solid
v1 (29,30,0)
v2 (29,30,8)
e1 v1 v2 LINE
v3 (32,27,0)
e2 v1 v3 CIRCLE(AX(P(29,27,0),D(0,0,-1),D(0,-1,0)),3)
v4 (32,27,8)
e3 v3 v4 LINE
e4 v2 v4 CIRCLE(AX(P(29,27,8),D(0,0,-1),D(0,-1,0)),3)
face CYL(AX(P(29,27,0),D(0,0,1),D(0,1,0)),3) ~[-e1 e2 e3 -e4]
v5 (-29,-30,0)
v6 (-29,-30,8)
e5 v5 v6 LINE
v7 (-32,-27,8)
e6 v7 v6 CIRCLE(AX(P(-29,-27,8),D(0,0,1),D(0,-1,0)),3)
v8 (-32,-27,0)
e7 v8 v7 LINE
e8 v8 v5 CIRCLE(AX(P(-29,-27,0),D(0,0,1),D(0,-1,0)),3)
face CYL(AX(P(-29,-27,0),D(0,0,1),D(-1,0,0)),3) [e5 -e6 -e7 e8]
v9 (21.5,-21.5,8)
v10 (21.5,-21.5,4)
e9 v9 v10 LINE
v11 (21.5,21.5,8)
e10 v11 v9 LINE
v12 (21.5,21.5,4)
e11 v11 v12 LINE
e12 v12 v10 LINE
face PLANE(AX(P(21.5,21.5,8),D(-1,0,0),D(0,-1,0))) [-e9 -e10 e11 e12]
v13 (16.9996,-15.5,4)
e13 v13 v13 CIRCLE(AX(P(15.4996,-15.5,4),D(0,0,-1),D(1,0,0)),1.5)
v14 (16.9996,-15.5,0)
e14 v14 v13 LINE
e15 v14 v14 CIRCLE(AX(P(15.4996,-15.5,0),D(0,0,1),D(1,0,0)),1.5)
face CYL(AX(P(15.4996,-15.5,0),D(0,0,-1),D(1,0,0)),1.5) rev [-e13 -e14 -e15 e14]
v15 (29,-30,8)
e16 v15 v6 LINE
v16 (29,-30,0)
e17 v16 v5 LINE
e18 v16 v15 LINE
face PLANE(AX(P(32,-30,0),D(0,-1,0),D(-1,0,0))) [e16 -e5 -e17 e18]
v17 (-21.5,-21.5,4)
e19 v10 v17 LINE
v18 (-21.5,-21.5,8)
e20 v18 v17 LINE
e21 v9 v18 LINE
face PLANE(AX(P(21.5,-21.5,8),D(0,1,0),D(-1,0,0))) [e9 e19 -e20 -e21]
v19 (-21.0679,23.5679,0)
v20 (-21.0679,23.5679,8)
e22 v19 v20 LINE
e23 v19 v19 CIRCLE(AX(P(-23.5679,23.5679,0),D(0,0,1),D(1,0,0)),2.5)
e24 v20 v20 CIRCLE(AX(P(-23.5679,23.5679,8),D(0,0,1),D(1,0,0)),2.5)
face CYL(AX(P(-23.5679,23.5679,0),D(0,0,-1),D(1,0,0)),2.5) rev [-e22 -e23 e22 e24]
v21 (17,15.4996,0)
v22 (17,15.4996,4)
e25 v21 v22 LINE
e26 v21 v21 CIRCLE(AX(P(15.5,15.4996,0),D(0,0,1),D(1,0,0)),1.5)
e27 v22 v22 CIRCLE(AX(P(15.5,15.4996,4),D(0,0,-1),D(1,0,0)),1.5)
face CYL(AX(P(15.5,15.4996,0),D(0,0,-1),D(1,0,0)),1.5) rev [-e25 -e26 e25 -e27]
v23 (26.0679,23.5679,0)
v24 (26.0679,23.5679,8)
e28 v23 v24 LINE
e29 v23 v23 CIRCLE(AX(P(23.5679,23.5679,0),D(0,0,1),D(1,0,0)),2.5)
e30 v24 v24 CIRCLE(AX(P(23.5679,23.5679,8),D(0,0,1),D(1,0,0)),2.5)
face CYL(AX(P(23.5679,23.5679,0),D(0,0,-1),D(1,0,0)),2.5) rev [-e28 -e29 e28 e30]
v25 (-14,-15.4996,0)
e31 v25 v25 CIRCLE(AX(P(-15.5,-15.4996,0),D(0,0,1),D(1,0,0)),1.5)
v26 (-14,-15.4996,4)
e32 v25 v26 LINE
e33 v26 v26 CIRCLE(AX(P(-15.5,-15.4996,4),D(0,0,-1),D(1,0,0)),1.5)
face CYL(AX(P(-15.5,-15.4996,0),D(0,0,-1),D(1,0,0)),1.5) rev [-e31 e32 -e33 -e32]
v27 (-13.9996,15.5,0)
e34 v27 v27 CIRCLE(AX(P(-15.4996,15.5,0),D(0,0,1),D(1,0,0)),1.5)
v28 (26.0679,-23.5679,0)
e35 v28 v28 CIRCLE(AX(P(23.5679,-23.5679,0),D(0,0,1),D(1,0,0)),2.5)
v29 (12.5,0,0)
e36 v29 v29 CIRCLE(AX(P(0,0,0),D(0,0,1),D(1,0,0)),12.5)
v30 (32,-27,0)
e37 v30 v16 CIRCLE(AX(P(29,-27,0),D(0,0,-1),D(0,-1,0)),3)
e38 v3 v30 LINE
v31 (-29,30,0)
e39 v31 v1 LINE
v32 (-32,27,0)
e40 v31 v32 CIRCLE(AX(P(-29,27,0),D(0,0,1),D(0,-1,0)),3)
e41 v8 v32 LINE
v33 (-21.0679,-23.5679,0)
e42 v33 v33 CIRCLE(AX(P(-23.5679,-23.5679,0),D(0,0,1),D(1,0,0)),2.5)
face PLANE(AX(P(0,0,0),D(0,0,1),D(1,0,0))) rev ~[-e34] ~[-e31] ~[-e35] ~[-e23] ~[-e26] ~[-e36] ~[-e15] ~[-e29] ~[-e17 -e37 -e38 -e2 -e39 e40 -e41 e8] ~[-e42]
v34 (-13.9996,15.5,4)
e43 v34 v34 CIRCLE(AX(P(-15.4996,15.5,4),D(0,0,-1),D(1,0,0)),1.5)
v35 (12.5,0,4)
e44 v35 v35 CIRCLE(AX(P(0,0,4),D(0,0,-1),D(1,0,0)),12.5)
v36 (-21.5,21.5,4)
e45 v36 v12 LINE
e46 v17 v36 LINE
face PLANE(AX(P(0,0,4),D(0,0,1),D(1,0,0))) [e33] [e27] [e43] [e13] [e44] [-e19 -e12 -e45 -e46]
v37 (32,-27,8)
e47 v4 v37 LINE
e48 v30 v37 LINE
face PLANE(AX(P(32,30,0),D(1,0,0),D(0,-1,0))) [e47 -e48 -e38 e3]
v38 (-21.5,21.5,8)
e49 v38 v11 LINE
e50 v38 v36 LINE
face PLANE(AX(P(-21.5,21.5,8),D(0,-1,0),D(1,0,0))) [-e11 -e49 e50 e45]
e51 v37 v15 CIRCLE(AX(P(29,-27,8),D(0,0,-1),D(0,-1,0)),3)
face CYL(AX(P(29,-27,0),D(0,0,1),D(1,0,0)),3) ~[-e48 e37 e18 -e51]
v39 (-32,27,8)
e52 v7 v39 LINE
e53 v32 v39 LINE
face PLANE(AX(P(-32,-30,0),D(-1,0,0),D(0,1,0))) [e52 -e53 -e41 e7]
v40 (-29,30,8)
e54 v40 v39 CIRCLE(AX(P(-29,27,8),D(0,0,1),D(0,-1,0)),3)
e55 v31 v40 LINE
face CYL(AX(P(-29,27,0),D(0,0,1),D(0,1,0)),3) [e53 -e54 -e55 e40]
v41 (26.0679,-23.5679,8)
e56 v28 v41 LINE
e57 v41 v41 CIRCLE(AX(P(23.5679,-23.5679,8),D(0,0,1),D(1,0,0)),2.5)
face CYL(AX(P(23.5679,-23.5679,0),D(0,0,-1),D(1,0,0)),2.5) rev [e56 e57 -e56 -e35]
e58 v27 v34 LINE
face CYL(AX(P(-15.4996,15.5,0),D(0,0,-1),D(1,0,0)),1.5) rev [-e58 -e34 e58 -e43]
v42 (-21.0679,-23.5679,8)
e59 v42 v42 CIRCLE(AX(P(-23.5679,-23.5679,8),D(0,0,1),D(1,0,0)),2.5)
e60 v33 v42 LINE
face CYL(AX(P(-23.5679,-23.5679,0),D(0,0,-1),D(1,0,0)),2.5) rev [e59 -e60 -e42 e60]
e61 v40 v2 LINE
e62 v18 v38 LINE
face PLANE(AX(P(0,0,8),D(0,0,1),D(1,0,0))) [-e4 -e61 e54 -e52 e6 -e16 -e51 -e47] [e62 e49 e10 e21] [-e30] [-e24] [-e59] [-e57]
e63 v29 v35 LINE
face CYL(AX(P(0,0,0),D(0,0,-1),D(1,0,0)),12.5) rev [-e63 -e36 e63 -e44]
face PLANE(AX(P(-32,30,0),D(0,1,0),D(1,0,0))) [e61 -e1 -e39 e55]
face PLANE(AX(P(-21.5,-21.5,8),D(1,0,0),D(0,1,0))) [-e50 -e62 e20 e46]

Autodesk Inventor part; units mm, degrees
ref_plane "YZ Plane" through (0, 0, 0) normal (1, 0, 0) x (0, 1, 0)
ref_plane "XZ Plane" through (0, 0, 0) normal (0, 1, 0) x (-1, 0, 0)
ref_plane "XY Plane" through (0, 0, 0) normal (0, 0, 1) x (1, 0, 0)
sketch "Sketch1" plane through (0, 0, 0) normal (0, 0, 1) x (1, 0, 0)
  circle A0 centre (0, 0) radius 12.5
  circle A1 centre (-15.4996, 15.5) radius 1.5
  circle A2 centre (-15.5, -15.4996) radius 1.5
  circle A3 centre (15.4996, -15.5) radius 1.5
  circle A4 centre (15.5, 15.4996) radius 1.5
  circle A5 centre (-23.5679, 23.5679) radius 2.5
  circle A6 centre (-23.5679, -23.5679) radius 2.5
  circle A7 centre (23.5679, -23.5679) radius 2.5
  circle A8 centre (23.5679, 23.5679) radius 2.5
  line L0 (0, 0) -> (-27.3582, 27.3582) construction
  line L1 (-32, 30) -> (32, 30)
  line L2 (32, 30) -> (32, -30)
  line L3 (32, -30) -> (-32, -30)
  line L4 (-32, -30) -> (-32, 30)
  dimension "d0" = 3
  dimension "d1" = 21.92
  dimension "d4" = 360
  dimension "d6" = 15.5
  dimension "d7" = 25
  dimension "d8" = 5
  dimension "d9" = 33.33
  dimension "d12" = 360
  dimension "d14" = 0
  dimension "d15" = 64
  dimension "d16" = 60
  dimension "d17" = 30
  dimension "d18" = 32
extrude "Extrusion1" add sketch "Sketch1" along normal blind 8
sketch "Sketch2" plane through (0, 0, 8) normal (0, 0, 1) x (1, 0, 0)
  line L0 (-21.5, 21.5) -> (21.5, 21.5)
  line L1 (21.5, 21.5) -> (21.5, -21.5)
  line L2 (21.5, -21.5) -> (-21.5, -21.5)
  line L3 (-21.5, -21.5) -> (-21.5, 21.5)
  point P0 (0, 0)
  dimension "d21" = 43
  dimension "d22" = 43
  dimension "d23" = 21.5
  dimension "d24" = 21.5
extrude "Extrusion2" cut sketch "Sketch2" against normal blind 4
fillet "Fillet1" radius 3 4 edges at (32, 30, 4) (-32, 30, 4) (-32, -30, 4) (32, -30, 4)
equation "\"d17\" = 0.5 * d16"
equation "\"d18\" = 0.5 * d15"
equation "\"d21\" = d22"
equation "\"d23\" = 0.5 * d22"
equation "\"d24\" = 0.5 * d21"
properties part number "motor support"
